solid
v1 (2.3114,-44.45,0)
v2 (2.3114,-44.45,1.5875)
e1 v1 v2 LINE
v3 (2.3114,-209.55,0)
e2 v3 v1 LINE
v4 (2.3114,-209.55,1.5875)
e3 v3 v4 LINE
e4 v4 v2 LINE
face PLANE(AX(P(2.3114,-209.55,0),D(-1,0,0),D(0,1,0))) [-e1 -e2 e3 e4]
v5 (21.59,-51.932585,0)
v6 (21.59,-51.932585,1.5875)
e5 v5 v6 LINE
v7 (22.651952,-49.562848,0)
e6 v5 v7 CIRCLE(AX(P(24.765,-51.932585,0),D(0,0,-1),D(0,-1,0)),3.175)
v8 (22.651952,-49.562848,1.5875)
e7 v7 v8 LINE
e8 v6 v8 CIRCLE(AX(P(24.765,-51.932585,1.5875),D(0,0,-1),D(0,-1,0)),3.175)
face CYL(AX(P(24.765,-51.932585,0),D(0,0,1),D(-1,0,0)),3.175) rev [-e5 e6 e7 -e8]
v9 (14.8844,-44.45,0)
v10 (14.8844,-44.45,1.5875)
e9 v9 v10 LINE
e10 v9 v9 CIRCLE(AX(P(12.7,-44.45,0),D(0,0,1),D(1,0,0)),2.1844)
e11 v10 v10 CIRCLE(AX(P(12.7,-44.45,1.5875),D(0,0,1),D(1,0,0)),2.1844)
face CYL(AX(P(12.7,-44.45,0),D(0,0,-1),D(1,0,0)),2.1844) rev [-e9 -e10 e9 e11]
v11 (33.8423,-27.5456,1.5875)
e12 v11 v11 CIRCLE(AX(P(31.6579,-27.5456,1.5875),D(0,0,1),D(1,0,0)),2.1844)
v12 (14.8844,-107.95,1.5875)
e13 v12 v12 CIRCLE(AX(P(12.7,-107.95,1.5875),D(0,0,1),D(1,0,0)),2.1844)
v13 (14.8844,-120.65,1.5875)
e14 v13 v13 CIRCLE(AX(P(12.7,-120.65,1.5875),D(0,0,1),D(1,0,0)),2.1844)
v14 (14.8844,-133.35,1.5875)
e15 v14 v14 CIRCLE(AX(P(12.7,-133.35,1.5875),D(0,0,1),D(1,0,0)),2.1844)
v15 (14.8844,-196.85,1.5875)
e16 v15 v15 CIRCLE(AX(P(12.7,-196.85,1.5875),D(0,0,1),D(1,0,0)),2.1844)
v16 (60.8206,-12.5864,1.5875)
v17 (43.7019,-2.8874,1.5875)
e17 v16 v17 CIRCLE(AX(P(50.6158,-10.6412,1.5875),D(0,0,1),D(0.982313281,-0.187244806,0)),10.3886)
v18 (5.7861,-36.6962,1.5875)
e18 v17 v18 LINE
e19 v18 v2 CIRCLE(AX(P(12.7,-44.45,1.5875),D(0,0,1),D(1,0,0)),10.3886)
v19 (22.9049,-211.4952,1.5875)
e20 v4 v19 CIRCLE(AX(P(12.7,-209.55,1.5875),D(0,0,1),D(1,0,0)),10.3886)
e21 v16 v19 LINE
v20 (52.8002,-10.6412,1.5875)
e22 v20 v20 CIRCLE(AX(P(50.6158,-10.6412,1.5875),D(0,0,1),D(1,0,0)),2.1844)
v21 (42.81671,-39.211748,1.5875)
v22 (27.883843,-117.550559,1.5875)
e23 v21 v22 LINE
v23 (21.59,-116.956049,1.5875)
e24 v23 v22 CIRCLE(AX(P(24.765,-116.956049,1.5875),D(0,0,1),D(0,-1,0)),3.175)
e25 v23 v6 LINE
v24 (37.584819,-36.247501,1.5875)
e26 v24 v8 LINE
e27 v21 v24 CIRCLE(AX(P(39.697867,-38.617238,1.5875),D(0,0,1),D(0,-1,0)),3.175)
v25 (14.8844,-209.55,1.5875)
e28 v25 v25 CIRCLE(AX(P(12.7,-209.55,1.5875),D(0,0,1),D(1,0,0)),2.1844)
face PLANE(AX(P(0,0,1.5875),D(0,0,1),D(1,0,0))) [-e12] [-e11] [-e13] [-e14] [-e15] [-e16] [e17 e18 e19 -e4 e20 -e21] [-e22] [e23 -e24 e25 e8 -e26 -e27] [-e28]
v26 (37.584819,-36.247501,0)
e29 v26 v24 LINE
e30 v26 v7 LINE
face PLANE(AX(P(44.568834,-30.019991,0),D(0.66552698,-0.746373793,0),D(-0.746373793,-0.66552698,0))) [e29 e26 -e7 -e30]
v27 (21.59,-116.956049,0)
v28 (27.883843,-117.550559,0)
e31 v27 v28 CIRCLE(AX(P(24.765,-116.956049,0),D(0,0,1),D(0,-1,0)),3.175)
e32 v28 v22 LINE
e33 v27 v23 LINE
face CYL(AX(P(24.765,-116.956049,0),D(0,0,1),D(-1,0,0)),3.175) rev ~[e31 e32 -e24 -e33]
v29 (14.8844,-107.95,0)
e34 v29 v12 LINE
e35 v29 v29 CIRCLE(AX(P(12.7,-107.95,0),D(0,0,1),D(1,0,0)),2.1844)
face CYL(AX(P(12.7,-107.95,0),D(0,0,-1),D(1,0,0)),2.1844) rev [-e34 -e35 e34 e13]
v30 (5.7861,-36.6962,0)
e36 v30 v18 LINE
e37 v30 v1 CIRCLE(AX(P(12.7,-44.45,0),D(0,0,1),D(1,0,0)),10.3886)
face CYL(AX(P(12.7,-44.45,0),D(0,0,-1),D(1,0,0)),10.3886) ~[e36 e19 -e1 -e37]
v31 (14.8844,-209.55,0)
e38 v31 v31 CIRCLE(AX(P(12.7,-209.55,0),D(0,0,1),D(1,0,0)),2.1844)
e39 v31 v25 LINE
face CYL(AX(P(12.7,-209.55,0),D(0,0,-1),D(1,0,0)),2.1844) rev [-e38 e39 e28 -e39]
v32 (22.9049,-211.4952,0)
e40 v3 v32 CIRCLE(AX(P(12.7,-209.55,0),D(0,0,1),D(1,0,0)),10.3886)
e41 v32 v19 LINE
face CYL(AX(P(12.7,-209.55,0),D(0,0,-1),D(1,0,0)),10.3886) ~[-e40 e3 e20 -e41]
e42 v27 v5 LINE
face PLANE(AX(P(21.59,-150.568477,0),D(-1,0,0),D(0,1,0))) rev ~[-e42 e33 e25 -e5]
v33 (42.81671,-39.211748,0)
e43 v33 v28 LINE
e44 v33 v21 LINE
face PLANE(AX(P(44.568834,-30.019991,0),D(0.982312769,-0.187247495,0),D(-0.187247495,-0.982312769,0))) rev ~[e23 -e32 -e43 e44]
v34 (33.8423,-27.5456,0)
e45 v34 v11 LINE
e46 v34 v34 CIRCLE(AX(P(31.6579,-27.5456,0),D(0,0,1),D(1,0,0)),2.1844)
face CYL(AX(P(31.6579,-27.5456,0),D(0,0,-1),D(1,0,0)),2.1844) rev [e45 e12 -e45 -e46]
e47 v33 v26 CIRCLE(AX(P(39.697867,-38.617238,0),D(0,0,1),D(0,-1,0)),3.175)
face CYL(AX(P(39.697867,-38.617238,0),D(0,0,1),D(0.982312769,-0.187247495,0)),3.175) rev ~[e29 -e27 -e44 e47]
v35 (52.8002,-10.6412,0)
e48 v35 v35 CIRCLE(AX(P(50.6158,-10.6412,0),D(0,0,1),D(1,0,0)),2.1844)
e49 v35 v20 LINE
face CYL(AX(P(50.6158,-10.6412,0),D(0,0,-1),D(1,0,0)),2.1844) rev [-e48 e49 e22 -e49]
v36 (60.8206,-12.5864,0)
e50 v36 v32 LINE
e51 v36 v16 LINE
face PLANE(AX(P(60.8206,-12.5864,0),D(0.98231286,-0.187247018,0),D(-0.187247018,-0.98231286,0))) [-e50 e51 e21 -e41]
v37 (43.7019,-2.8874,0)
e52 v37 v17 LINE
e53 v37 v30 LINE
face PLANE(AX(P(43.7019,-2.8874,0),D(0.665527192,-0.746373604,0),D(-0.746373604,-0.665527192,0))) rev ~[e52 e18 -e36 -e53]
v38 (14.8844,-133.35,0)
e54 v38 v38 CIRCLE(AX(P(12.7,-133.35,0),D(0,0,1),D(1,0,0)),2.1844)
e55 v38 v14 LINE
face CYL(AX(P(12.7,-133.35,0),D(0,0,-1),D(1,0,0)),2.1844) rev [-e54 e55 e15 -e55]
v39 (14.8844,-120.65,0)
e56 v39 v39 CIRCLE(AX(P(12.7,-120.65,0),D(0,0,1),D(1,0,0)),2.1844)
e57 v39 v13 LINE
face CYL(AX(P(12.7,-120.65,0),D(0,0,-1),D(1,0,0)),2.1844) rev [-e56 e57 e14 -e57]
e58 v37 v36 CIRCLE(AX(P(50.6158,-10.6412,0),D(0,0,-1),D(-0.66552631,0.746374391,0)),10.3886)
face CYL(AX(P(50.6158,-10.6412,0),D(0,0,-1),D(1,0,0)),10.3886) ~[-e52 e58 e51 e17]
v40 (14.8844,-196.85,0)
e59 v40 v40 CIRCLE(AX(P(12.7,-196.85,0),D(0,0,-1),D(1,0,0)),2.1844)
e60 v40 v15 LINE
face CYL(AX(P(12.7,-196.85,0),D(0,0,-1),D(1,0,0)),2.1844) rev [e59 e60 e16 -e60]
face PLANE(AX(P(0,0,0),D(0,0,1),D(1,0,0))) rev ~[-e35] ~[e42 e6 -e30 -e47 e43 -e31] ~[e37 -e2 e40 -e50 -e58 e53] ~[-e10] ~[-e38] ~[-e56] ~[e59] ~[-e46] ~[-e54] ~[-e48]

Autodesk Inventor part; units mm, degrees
ref_plane "YZ Plane" through (0, 0, 0) normal (1, 0, 0) x (0, 1, 0)
ref_plane "XZ Plane" through (0, 0, 0) normal (0, 1, 0) x (-1, 0, 0)
ref_plane "XY Plane" through (0, 0, 0) normal (0, 0, 1) x (1, 0, 0)
ref_plane "Work Plane1" through (0, 0, 0) normal (0, 0, 1) x (1, 0, 0)
sketch "Sketch1" plane through (0, 0, 0) normal (0, 0, 1) x (1, 0, 0)
  circle A0 centre (12.7, -209.55) radius 2.1844 projected
  circle A1 centre (12.7, -196.85) radius 2.1844 projected
  circle A2 centre (12.7, -133.35) radius 2.1844 projected
  circle A3 centre (12.7, -120.65) radius 2.1844 projected
  circle A4 centre (12.7, -107.95) radius 2.1844 projected
  circle A5 centre (12.7, -44.45) radius 2.1844 projected
  circle A6 centre (31.6579, -27.5456) radius 2.1844 projected
  circle A7 centre (50.6158, -10.6412) radius 2.1844 projected
  line L0 (2.3114, 215.9) -> (2.3114, -215.9) construction
  circle A8 centre (12.7, -209.55) radius 10.3886
  circle A9 centre (12.7, -44.45) radius 10.3886
  circle A10 centre (50.6158, -10.6412) radius 10.3886
  line L1 (60.8206, -12.5864) -> (22.9049, -211.4952)
  line L2 (2.3114, -209.55) -> (2.3114, -44.45)
  line L3 (43.7019, -2.8874) -> (5.7861, -36.6962)
  line L4 (48.3453, -10.2084) -> (10.4295, -209.1172)
  line L5 (21.59, -208.514) -> (21.59, -43.414)
  line L6 (57.5635, -18.4329) -> (18.0129, -53.6994)
  line L7 (19.05, -39.0398) -> (19.05, -100.5078) projected
  point P0 (0, 0)
  point P1 (21.59, -150.5683)
  point P2 (21.59, -50.5098)
  point P3 (44.5688, -30.02)
  dimension "d0" = 20.7772
  dimension "d1" = 20.7772
  dimension "d2" = 20.828
  dimension "d3" = 12.7
  dimension "d8" = 2.54
extrude "Extrusion1" add sketch "Sketch1" along normal blind 1.5875 contours A1 L4 L5 A8 | A1 L4 A8 L2 A9 L7 L6 L5 | L4 A10 L1 A8 L5 | A8 | L6 L5 A9 L3 A10 L4 | L6 L7 A9 L5 | A10 | A9
fillet "Fillet1" radius 3.175 3 edges at (21.59, -150.5683, 0.7937) (21.59, -50.5098, 0.7937) (44.5688, -30.02, 0.7937)
